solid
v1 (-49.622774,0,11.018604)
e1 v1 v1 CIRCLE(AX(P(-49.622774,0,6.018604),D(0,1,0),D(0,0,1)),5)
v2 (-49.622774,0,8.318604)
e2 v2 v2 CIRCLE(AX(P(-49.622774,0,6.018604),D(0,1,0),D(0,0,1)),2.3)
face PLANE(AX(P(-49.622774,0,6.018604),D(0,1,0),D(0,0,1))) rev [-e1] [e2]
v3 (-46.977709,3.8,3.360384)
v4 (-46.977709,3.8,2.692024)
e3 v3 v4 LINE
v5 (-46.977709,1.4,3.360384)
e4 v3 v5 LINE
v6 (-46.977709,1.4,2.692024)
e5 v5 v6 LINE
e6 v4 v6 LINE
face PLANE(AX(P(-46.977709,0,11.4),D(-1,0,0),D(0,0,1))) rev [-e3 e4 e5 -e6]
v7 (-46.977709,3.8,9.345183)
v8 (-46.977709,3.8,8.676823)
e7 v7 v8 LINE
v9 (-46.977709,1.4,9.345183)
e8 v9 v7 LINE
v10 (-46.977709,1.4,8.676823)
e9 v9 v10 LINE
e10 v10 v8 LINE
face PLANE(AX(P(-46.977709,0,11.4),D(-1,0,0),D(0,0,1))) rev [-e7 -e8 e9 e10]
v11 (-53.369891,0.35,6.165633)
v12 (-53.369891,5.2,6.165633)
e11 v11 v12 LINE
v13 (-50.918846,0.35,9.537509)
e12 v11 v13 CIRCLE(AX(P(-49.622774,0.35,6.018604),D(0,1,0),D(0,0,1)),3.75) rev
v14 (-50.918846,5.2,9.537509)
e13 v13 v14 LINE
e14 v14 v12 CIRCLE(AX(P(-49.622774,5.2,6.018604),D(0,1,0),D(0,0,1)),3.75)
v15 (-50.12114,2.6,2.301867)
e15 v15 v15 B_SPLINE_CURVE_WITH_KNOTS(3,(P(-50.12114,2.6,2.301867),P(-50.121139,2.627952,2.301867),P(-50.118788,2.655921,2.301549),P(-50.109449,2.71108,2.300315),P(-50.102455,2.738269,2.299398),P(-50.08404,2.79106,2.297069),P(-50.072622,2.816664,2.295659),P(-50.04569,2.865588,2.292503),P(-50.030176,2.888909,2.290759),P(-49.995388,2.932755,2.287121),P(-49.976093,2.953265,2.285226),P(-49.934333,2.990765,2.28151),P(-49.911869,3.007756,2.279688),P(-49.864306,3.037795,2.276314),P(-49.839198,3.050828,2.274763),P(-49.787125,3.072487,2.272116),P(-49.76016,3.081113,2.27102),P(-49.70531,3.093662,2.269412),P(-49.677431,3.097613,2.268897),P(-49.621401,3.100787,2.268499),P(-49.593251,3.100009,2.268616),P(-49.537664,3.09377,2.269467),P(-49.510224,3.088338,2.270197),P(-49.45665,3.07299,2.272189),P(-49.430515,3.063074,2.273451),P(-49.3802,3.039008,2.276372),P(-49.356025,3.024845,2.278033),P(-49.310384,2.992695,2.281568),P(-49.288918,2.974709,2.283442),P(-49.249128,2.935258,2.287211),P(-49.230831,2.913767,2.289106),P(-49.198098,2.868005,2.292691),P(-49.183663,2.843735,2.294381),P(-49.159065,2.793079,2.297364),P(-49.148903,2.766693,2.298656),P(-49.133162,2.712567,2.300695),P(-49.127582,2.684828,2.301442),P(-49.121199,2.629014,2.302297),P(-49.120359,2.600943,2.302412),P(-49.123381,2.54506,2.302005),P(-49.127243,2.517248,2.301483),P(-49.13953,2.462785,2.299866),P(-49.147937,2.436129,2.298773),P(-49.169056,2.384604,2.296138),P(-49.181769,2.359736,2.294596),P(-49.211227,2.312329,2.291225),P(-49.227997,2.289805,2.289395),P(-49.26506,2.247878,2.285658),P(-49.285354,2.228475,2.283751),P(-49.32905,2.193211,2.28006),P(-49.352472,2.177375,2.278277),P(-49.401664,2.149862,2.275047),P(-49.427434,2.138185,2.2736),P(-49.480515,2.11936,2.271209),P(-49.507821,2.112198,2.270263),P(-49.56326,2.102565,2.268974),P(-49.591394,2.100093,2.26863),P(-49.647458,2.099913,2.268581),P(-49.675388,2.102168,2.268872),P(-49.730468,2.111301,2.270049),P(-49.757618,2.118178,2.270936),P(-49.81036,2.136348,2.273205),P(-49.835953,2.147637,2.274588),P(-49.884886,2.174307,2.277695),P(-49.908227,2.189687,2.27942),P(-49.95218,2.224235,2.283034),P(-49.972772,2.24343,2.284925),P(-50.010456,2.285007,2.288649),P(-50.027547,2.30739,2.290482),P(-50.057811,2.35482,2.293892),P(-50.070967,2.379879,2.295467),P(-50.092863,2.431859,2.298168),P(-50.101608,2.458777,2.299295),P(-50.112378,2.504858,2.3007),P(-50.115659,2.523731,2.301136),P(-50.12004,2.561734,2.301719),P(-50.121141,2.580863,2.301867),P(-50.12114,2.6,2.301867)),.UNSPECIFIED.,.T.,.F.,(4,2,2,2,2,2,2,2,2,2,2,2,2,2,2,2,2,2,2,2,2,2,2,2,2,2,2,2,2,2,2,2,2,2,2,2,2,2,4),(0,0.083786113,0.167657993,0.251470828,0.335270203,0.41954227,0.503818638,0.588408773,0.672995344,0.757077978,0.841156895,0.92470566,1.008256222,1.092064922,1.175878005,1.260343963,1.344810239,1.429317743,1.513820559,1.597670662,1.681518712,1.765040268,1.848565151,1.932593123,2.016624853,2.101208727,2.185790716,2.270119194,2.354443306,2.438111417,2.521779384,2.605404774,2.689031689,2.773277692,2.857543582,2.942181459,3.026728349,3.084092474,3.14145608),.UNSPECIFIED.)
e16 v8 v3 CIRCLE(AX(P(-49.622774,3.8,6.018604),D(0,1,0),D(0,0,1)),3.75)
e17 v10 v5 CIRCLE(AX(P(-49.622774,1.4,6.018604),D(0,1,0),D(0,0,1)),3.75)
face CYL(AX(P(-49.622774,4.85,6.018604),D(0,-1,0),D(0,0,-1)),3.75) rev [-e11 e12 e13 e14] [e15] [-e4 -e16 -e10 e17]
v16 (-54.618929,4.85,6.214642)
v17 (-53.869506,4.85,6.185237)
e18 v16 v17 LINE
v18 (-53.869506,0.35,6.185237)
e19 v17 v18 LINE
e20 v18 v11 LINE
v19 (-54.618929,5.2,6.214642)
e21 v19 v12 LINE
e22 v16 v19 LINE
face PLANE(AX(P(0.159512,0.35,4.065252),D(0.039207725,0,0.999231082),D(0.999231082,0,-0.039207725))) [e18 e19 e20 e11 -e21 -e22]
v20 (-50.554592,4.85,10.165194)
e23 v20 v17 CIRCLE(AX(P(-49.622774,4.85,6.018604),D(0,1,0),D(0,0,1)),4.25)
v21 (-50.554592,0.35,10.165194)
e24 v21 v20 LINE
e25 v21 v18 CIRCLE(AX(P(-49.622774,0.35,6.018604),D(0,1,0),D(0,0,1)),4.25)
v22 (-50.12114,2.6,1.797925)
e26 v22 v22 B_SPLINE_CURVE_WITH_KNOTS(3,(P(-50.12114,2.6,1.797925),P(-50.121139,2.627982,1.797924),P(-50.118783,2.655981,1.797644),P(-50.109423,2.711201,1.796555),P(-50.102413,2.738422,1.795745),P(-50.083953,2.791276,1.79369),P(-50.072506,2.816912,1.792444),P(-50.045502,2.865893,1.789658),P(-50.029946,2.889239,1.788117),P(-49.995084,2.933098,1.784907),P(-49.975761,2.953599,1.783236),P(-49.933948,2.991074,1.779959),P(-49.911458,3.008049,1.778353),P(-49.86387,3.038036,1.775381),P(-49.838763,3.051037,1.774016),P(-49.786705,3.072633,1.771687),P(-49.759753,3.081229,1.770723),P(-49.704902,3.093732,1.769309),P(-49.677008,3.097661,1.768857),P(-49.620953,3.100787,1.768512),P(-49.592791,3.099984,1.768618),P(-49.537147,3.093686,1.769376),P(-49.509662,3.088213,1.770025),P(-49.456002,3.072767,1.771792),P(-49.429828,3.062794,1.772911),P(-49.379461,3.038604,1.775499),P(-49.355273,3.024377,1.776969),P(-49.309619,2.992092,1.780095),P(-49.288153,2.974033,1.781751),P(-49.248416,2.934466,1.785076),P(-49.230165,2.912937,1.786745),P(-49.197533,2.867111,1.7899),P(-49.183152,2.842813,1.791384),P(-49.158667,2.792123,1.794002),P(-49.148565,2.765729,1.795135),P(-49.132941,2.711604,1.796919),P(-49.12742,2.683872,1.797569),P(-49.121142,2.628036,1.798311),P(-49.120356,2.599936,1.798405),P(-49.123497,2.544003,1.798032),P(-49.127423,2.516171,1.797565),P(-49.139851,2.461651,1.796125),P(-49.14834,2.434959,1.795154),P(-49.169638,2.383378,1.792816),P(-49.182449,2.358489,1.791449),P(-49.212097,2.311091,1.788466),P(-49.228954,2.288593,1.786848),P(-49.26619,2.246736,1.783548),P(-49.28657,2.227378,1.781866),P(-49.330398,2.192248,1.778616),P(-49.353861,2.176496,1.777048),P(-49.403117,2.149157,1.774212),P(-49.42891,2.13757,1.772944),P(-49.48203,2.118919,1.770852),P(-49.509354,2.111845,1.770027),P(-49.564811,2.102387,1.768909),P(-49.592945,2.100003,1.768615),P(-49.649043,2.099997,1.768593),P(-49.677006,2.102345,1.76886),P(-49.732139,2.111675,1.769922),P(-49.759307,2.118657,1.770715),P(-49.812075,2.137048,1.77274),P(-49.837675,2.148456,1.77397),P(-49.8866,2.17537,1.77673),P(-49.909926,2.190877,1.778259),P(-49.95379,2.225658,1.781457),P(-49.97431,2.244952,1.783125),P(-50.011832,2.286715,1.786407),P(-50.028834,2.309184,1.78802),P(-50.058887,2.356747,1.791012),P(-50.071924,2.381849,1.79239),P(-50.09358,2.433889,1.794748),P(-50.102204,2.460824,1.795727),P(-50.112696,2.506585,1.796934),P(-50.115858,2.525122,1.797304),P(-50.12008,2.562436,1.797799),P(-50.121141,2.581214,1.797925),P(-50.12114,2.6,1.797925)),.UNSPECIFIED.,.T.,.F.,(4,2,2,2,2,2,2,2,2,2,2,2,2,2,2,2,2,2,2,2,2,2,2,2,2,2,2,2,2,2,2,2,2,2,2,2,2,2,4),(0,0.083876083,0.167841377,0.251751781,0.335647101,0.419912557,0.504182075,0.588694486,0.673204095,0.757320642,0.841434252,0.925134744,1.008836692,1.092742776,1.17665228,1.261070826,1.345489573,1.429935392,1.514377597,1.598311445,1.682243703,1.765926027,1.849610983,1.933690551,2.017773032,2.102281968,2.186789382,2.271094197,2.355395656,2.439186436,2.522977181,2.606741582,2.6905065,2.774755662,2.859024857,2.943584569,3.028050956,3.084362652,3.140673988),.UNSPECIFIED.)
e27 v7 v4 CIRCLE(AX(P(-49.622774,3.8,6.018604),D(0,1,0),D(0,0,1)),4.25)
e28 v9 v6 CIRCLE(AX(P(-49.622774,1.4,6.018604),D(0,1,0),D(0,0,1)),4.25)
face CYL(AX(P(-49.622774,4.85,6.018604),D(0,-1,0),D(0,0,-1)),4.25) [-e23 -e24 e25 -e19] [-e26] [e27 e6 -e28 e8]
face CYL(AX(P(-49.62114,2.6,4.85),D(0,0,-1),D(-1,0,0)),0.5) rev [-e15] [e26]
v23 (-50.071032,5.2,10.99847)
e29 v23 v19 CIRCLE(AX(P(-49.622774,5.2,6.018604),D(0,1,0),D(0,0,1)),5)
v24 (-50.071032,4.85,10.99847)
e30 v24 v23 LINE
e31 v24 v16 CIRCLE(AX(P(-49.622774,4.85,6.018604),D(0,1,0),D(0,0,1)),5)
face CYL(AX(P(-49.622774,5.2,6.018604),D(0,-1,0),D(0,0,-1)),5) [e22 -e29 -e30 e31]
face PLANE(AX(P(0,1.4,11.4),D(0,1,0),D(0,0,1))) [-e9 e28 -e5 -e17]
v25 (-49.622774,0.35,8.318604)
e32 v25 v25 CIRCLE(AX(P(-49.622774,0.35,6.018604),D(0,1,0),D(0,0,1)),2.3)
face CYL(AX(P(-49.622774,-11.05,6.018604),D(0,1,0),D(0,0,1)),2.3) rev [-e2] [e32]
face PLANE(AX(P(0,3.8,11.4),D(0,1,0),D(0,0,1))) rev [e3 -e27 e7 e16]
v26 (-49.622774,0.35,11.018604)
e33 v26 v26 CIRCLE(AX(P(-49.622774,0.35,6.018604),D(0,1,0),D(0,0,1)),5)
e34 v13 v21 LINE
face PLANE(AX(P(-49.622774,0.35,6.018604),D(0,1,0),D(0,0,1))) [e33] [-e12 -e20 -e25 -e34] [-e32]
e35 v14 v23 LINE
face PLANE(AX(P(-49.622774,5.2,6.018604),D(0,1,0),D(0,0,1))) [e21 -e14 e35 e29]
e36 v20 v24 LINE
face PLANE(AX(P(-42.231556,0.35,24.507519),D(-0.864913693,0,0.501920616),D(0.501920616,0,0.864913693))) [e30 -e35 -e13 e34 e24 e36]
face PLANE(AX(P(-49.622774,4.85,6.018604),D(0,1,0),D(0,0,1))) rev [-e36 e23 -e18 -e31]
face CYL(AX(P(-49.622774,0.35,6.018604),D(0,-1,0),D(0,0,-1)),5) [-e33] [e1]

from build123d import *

# Parameters (mm, degrees)
SKETCH1_R           = 5
BOSS_EXTRUDE1_DEPTH = 0.35
SKETCH2_R           = 4.25
SKETCH2_R_2         = 3.75
BOSS_EXTRUDE6_DEPTH = 4.5
SKETCH5_R           = 5
SKETCH5_R_2         = 3.75
BOSS_EXTRUDE7_DEPTH = 0.35
SKETCH9_R           = 2.3
CUT_EXTRUDE5_DEPTH  = 11.4
CUT_EXTRUDE6_DEPTH  = 11.4
CUT_EXTRUDE8_START  = -4.85
CUT_EXTRUDE8_DEPTH  = 4.85
SKETCH12_R          = 0.5
CUT_EXTRUDE9_DEPTH  = 4.85


with BuildPart() as part:
    # Sketch1 → Boss-Extrude1 (new body)
    with BuildSketch(Plane(origin=(0, 0, 0), x_dir=(1, 0, 0), z_dir=(0, 1, 0))):
        with Locations(Location((-49.622774045, -6.018603783, 0), (0, 0, 270))):
            Circle(SKETCH1_R)
    extrude(amount=BOSS_EXTRUDE1_DEPTH)

    # Sketch2 → Boss-Extrude6 (add)
    with BuildSketch(Plane(origin=(0, 0.35, 0), x_dir=(1, 0, 0), z_dir=(0, 1, 0))):
        with Locations(Location((-49.622774045, -6.018603783, 0), (0, 0, 270))):
            Circle(SKETCH2_R)
        with Locations(Location((-49.622774045, -6.018603783, 0), (0, 0, 270))):
            Circle(SKETCH2_R_2, mode=Mode.SUBTRACT)
    extrude(amount=BOSS_EXTRUDE6_DEPTH)

    # Sketch5 → Boss-Extrude7 (add)
    with BuildSketch(Plane(origin=(0, 4.85, 0), x_dir=(1, 0, 0), z_dir=(0, 1, 0))):
        with Locations(Location((-49.622774045, -6.018603783, 0), (0, 0, 270))):
            Circle(SKETCH5_R)
        with Locations(Location((-49.622774045, -6.018603783, 0), (0, 0, 270))):
            Circle(SKETCH5_R_2, mode=Mode.SUBTRACT)
    extrude(amount=BOSS_EXTRUDE7_DEPTH)

    # Sketch9 → Cut-Extrude5 (cut)
    with BuildSketch(Plane(origin=(0, 0.35, 0), x_dir=(1, 0, 0), z_dir=(0, 1, 0))):
        with Locations(Location((-49.622774045, -6.018603783, 0), (0, 0, 270))):
            Circle(SKETCH9_R)
    extrude(amount=-CUT_EXTRUDE5_DEPTH, mode=Mode.SUBTRACT)

    # Sketch10 → Cut-Extrude6 (cut)
    with BuildSketch(Plane.XY):
        Polygon((-43.20579759, 3.8), (-43.20579759, 1.4), (-46.977708805, 1.4), (-46.977708805, 2.6), (-46.977708805, 3.8), align=None)
    extrude(amount=CUT_EXTRUDE6_DEPTH, mode=Mode.SUBTRACT)

    # Sketch11 → Cut-Extrude8 (cut)
    with BuildSketch(Plane(origin=(0, 5.2, 0), x_dir=(1, 0, 0), z_dir=(0, 1, 0)).offset(CUT_EXTRUDE8_START)):
        with BuildLine():
            Line((-53.369890601, -6.165632753), (-54.618929453, -6.21464241))
            ThreePointArc((-54.618929453, -6.21464241), (-53.246537308, -9.463649474), (-50.071032009, -10.998469725))
            Line((-50.071032009, -10.998469725), (-50.91884618, -9.53750944))
            ThreePointArc((-50.91884618, -9.53750944), (-52.656060405, -8.223524158), (-53.369890601, -6.165632753))
        make_face()
    extrude(amount=CUT_EXTRUDE8_DEPTH, mode=Mode.SUBTRACT)

    # Sketch12 → Cut-Extrude9 (cut)
    with BuildSketch(Plane.XY):
        with Locations(Location((-49.621140094, 2.6, 0), (0, 0, 180))):
            Circle(SKETCH12_R)
    extrude(amount=CUT_EXTRUDE9_DEPTH, mode=Mode.SUBTRACT)


solid = part.part
